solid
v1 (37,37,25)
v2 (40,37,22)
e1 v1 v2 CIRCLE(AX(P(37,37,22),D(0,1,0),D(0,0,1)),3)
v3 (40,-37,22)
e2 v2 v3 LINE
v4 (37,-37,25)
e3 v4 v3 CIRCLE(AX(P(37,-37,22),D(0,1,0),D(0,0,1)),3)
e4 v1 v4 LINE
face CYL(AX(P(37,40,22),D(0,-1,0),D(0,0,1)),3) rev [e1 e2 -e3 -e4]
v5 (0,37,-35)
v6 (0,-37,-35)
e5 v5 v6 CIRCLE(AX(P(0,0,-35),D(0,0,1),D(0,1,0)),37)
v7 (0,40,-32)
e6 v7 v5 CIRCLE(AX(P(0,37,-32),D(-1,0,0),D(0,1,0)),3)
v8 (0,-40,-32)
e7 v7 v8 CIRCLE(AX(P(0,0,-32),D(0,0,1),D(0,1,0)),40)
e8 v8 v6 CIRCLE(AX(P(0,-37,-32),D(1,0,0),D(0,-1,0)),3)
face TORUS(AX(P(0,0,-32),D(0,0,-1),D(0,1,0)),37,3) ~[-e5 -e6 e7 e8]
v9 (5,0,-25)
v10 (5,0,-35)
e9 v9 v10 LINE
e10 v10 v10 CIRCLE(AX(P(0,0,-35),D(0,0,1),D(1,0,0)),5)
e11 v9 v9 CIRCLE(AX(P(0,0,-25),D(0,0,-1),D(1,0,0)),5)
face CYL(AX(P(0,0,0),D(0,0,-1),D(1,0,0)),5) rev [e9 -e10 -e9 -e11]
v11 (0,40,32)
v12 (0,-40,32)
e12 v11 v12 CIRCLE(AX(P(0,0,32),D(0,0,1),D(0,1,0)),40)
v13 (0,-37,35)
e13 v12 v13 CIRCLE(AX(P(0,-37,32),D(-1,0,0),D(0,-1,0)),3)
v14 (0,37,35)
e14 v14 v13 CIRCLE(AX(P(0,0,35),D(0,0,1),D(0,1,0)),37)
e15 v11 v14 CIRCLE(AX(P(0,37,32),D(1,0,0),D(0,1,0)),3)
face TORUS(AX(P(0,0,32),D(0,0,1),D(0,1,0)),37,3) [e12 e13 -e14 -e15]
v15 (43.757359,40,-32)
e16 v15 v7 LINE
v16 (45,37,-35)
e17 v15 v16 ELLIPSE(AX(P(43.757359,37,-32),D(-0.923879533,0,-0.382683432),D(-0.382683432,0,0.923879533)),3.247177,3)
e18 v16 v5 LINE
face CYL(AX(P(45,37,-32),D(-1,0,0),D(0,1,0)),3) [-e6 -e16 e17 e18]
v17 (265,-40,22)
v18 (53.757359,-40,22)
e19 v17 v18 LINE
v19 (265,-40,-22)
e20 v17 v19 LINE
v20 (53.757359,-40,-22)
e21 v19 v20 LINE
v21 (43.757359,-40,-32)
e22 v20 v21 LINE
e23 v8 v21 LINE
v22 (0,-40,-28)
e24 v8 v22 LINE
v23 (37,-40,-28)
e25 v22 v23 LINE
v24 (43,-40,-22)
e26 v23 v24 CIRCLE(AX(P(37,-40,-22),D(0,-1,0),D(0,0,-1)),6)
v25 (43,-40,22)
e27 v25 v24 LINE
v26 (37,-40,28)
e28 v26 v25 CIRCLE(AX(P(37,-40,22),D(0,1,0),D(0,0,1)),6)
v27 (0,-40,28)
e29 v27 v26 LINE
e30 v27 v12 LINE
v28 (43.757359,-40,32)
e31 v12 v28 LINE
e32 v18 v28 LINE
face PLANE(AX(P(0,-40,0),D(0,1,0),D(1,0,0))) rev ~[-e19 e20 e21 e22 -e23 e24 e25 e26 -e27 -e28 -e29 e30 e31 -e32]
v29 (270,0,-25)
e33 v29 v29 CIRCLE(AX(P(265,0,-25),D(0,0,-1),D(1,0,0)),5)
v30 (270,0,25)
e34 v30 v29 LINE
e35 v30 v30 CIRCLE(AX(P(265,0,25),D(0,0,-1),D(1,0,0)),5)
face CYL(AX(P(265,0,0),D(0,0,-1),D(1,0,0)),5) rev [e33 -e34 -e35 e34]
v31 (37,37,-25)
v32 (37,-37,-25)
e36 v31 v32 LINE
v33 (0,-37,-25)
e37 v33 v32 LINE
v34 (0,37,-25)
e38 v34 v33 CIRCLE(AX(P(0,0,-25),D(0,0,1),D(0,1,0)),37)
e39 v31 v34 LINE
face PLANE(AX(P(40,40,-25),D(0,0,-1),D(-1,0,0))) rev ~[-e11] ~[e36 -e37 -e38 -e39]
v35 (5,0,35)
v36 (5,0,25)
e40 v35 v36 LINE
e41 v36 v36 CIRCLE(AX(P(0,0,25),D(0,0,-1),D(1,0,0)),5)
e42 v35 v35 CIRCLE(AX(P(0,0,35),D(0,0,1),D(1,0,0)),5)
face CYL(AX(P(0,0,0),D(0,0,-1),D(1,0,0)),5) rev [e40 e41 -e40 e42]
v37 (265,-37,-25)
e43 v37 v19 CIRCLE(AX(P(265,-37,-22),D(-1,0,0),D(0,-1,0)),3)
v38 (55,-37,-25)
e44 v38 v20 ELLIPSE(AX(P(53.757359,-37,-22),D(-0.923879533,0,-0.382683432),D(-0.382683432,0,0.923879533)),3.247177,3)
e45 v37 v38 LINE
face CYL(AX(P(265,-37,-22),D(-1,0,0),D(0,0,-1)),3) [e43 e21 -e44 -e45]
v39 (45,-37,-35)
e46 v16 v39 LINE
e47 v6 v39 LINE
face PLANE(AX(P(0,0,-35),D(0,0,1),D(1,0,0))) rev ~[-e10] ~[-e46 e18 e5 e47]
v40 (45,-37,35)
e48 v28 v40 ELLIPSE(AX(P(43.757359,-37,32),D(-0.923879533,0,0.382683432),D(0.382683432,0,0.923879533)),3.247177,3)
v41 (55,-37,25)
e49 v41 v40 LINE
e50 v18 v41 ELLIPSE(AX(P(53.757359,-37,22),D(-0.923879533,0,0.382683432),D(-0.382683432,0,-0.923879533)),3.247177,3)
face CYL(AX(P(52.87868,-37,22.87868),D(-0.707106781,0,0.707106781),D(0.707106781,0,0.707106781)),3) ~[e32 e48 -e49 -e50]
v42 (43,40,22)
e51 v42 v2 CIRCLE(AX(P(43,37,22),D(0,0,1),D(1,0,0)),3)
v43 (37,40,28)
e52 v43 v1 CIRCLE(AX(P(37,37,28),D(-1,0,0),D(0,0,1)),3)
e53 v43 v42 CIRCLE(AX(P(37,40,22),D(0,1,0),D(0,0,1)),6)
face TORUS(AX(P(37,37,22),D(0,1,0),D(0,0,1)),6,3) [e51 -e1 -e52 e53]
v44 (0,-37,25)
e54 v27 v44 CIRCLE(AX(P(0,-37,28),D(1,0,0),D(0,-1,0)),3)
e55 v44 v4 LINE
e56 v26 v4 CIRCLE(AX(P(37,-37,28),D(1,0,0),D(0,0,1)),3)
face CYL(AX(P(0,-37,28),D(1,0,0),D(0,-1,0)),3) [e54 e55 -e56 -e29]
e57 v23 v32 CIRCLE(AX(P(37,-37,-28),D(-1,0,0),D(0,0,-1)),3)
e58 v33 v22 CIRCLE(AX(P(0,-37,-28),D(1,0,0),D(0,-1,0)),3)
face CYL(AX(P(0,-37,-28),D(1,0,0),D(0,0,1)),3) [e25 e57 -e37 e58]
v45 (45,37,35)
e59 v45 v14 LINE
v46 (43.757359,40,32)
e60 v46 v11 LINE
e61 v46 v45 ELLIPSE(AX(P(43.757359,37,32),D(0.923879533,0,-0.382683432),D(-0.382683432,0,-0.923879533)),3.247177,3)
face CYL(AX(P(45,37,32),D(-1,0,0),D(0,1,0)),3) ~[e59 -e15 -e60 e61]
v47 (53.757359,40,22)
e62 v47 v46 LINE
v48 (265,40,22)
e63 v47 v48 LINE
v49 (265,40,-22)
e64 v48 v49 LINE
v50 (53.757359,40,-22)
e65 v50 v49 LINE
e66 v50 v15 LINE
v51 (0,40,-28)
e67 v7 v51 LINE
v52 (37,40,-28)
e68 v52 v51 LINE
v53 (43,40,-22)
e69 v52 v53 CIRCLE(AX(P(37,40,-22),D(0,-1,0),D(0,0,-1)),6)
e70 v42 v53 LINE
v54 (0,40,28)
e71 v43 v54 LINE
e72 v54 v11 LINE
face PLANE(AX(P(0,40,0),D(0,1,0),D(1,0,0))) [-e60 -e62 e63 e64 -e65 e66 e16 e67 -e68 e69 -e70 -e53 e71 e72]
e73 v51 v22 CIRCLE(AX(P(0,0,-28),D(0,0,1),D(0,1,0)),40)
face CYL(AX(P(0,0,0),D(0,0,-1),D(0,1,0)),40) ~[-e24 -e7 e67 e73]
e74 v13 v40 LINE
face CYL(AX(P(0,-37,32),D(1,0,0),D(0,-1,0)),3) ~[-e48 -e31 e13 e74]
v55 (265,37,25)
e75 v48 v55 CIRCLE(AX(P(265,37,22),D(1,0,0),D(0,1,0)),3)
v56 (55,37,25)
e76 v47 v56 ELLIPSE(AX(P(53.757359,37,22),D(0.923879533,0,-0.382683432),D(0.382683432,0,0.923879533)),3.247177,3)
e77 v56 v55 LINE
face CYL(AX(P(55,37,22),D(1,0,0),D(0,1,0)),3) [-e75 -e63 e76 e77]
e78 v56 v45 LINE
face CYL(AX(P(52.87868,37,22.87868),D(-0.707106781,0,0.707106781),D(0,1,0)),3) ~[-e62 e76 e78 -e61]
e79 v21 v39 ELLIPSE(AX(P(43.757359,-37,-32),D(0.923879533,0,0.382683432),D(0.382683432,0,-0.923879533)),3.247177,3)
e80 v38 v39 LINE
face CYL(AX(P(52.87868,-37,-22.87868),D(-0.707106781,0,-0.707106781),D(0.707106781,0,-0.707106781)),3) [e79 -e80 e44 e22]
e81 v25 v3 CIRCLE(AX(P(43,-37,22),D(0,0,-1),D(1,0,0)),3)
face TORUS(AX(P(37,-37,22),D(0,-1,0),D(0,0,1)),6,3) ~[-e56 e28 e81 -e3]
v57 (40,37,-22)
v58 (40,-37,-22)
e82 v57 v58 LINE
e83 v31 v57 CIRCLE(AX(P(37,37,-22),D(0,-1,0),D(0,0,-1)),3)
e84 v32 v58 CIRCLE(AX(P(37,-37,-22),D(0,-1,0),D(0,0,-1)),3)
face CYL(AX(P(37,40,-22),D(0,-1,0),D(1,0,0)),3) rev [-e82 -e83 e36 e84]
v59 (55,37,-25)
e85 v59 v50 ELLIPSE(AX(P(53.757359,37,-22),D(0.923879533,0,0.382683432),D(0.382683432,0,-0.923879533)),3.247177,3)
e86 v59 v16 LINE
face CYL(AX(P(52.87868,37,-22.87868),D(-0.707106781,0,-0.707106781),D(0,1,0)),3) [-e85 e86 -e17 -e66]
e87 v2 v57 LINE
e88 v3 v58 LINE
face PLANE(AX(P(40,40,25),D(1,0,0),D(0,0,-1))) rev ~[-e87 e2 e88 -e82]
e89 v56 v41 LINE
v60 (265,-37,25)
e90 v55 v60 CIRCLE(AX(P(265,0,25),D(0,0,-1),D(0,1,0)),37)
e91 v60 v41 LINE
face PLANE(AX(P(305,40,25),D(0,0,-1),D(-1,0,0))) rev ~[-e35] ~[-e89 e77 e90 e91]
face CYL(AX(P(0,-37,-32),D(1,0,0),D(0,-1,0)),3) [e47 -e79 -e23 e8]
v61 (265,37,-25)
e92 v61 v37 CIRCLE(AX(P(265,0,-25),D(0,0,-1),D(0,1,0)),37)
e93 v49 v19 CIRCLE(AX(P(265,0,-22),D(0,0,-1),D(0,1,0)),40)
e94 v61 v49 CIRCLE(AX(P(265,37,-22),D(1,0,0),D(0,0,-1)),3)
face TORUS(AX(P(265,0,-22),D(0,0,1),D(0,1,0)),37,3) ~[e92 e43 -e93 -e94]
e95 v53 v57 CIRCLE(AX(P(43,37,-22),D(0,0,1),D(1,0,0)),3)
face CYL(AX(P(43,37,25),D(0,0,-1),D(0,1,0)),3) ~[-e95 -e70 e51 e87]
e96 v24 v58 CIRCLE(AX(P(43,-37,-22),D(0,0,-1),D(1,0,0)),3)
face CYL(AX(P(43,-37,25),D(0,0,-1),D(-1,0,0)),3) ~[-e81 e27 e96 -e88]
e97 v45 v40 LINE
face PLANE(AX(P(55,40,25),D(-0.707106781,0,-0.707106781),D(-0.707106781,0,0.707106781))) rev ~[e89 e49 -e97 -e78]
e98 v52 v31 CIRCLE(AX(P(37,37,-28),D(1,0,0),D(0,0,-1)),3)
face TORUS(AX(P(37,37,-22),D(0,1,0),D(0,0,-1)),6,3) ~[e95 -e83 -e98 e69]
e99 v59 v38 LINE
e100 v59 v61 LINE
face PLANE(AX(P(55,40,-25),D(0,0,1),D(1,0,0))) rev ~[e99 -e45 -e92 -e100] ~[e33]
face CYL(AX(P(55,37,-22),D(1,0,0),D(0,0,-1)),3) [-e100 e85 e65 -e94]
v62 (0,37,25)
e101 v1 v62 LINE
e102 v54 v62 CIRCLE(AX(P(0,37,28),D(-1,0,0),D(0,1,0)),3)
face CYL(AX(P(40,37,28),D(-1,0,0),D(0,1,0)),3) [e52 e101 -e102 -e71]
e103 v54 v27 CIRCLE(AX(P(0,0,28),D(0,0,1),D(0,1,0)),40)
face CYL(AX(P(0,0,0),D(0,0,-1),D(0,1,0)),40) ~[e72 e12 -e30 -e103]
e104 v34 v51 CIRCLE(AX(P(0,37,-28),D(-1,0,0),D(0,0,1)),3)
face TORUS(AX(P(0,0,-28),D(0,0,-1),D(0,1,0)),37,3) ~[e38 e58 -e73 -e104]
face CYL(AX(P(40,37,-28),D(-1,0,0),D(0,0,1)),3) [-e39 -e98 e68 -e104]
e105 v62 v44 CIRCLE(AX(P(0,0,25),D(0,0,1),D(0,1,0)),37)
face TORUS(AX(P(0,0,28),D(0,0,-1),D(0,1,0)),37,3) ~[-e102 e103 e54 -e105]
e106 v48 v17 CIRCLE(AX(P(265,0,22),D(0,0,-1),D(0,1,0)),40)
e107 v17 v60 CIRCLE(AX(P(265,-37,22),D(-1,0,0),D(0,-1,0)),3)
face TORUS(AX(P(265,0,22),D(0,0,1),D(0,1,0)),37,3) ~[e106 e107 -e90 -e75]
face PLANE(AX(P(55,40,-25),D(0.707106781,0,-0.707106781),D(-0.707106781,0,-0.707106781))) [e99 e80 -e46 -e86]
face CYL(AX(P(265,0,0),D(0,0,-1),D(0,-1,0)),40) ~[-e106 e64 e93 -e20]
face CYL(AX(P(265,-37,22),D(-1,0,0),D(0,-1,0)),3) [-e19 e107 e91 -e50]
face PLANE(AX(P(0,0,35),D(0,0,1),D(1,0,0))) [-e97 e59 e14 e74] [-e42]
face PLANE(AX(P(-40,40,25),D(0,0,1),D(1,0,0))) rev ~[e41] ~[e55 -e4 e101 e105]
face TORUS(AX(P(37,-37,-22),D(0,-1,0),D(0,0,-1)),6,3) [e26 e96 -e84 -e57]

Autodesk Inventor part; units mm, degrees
ref_plane "YZ Plane" through (0, 0, 0) normal (1, 0, 0) x (0, 1, 0)
ref_plane "XZ Plane" through (0, 0, 0) normal (0, 1, 0) x (-1, 0, 0)
ref_plane "XY Plane" through (0, 0, 0) normal (0, 0, 1) x (1, 0, 0)
sketch "Sketch1" plane through (0, 0, 0) normal (0, 0, 1) x (1, 0, 0)
  arc A0 (0, 40) -> (0, -40) centre (0, 0) ccw
  arc A1 (265, -40) -> (265, 40) centre (265, 0) ccw
  line L0 (0, 0) -> (265, 0) construction
  line L1 (0, 40) -> (265, 40)
  line L2 (0, -40) -> (265, -40)
  arc A2 (40, 0) -> (0, 40) centre (0, 0) ccw construction
  arc A3 (0, -40) -> (40, 0) centre (0, 0) ccw construction
  arc A4 (225, 0) -> (265, -40) centre (265, 0) ccw construction
  arc A5 (265, 40) -> (225, 0) centre (265, 0) ccw construction
  circle A6 centre (0, 0) radius 5
  circle A7 centre (265, 0) radius 5
  dimension "d0" = 80
  dimension "d1" = 80
  dimension "d2" = 265
  dimension "d3" = 10
  dimension "d4" = 10
extrude "Extrusion1" add sketch "Sketch1" along normal mid plane 70
sketch "Sketch2" plane through (0, 40, 35) normal (0, 1, 0) x (1, 0, 0)
  line L0 (-40, 0) -> (0, 0) construction
  line L1 (-40, 0) -> (45, 0) construction
  line L2 (45, 70) -> (45, 69.4311) construction
  line L3 (305, 70) -> (305, 0) construction
  line L4 (55, 10) -> (305, 10) construction
  line L5 (305, 10) -> (305, 60) construction
  line L6 (305, 60) -> (55, 60) construction
  line L7 (45, 60) -> (45, 10) construction
  line L8 (0, 70) -> (265, 70) construction
  line L9 (265, 0) -> (0, 0) construction
  line L10 (45, 60) -> (305, 60) construction
  line L11 (305, 60) -> (305, 70)
  line L12 (305, 70) -> (45, 70)
  line L13 (45, 70) -> (45, 60) construction
  line L14 (45, 10) -> (305, 10) construction
  line L15 (305, 10) -> (305, 0)
  line L16 (305, 0) -> (45, 0)
  line L17 (45, 0) -> (45, 0)
  line L18 (55, 60) -> (45, 70)
  line L19 (55, 10) -> (45, 0)
  line L20 (55, 60) -> (305, 60)
  line L21 (305, 10) -> (50, 10)
  line L22 (-40, 70) -> (-40, 0) projected
  line L23 (-40, 10) -> (40, 10)
  line L24 (40, 10) -> (40, 60)
  line L25 (40, 60) -> (-40, 60)
  line L26 (-40, 60) -> (-40, 10)
  point P0 (0, 35)
  point P1 (45, 70)
  point P2 (45, 0)
  point P3 (55, 10)
  dimension "d7" = 85
  dimension "d8" = 10
  dimension "d9" = 10
  dimension "d10" = 10
  dimension "d11" = 10
  dimension "d12" = 10
  dimension "d13" = 10
  dimension "d14" = 80
extrude "Extrusion2" cut sketch "Sketch2" against normal through all
fillet "Fillet1" radius 3 26 edges at (305, 0, 25) (160, -40, 25) (160, 40, 25) (305, 0, -25) (160, -40, -25) (160, 40, -25) (-40, 0, 35) (22.5, -40, 35) (22.5, 40, 35) (-40, 0, 25) (20, -40, 25) (20, 40, 25) (-40, 0, -25) (20, -40, -25) (20, 40, -25) (-40, 0, -35) (22.5, -40, -35) (22.5, 40, -35) (40, 40, 0) (40, -40, 0) (50, -40, 30) (50, 40, 30) (50, 40, -30) (50, -40, -30) (40, 0, -25) (40, 0, 25)
equation "\"d11\" = d10"
equation "\"d12\" = d10"
equation "\"d13\" = d12"
properties part number "Arm1"
